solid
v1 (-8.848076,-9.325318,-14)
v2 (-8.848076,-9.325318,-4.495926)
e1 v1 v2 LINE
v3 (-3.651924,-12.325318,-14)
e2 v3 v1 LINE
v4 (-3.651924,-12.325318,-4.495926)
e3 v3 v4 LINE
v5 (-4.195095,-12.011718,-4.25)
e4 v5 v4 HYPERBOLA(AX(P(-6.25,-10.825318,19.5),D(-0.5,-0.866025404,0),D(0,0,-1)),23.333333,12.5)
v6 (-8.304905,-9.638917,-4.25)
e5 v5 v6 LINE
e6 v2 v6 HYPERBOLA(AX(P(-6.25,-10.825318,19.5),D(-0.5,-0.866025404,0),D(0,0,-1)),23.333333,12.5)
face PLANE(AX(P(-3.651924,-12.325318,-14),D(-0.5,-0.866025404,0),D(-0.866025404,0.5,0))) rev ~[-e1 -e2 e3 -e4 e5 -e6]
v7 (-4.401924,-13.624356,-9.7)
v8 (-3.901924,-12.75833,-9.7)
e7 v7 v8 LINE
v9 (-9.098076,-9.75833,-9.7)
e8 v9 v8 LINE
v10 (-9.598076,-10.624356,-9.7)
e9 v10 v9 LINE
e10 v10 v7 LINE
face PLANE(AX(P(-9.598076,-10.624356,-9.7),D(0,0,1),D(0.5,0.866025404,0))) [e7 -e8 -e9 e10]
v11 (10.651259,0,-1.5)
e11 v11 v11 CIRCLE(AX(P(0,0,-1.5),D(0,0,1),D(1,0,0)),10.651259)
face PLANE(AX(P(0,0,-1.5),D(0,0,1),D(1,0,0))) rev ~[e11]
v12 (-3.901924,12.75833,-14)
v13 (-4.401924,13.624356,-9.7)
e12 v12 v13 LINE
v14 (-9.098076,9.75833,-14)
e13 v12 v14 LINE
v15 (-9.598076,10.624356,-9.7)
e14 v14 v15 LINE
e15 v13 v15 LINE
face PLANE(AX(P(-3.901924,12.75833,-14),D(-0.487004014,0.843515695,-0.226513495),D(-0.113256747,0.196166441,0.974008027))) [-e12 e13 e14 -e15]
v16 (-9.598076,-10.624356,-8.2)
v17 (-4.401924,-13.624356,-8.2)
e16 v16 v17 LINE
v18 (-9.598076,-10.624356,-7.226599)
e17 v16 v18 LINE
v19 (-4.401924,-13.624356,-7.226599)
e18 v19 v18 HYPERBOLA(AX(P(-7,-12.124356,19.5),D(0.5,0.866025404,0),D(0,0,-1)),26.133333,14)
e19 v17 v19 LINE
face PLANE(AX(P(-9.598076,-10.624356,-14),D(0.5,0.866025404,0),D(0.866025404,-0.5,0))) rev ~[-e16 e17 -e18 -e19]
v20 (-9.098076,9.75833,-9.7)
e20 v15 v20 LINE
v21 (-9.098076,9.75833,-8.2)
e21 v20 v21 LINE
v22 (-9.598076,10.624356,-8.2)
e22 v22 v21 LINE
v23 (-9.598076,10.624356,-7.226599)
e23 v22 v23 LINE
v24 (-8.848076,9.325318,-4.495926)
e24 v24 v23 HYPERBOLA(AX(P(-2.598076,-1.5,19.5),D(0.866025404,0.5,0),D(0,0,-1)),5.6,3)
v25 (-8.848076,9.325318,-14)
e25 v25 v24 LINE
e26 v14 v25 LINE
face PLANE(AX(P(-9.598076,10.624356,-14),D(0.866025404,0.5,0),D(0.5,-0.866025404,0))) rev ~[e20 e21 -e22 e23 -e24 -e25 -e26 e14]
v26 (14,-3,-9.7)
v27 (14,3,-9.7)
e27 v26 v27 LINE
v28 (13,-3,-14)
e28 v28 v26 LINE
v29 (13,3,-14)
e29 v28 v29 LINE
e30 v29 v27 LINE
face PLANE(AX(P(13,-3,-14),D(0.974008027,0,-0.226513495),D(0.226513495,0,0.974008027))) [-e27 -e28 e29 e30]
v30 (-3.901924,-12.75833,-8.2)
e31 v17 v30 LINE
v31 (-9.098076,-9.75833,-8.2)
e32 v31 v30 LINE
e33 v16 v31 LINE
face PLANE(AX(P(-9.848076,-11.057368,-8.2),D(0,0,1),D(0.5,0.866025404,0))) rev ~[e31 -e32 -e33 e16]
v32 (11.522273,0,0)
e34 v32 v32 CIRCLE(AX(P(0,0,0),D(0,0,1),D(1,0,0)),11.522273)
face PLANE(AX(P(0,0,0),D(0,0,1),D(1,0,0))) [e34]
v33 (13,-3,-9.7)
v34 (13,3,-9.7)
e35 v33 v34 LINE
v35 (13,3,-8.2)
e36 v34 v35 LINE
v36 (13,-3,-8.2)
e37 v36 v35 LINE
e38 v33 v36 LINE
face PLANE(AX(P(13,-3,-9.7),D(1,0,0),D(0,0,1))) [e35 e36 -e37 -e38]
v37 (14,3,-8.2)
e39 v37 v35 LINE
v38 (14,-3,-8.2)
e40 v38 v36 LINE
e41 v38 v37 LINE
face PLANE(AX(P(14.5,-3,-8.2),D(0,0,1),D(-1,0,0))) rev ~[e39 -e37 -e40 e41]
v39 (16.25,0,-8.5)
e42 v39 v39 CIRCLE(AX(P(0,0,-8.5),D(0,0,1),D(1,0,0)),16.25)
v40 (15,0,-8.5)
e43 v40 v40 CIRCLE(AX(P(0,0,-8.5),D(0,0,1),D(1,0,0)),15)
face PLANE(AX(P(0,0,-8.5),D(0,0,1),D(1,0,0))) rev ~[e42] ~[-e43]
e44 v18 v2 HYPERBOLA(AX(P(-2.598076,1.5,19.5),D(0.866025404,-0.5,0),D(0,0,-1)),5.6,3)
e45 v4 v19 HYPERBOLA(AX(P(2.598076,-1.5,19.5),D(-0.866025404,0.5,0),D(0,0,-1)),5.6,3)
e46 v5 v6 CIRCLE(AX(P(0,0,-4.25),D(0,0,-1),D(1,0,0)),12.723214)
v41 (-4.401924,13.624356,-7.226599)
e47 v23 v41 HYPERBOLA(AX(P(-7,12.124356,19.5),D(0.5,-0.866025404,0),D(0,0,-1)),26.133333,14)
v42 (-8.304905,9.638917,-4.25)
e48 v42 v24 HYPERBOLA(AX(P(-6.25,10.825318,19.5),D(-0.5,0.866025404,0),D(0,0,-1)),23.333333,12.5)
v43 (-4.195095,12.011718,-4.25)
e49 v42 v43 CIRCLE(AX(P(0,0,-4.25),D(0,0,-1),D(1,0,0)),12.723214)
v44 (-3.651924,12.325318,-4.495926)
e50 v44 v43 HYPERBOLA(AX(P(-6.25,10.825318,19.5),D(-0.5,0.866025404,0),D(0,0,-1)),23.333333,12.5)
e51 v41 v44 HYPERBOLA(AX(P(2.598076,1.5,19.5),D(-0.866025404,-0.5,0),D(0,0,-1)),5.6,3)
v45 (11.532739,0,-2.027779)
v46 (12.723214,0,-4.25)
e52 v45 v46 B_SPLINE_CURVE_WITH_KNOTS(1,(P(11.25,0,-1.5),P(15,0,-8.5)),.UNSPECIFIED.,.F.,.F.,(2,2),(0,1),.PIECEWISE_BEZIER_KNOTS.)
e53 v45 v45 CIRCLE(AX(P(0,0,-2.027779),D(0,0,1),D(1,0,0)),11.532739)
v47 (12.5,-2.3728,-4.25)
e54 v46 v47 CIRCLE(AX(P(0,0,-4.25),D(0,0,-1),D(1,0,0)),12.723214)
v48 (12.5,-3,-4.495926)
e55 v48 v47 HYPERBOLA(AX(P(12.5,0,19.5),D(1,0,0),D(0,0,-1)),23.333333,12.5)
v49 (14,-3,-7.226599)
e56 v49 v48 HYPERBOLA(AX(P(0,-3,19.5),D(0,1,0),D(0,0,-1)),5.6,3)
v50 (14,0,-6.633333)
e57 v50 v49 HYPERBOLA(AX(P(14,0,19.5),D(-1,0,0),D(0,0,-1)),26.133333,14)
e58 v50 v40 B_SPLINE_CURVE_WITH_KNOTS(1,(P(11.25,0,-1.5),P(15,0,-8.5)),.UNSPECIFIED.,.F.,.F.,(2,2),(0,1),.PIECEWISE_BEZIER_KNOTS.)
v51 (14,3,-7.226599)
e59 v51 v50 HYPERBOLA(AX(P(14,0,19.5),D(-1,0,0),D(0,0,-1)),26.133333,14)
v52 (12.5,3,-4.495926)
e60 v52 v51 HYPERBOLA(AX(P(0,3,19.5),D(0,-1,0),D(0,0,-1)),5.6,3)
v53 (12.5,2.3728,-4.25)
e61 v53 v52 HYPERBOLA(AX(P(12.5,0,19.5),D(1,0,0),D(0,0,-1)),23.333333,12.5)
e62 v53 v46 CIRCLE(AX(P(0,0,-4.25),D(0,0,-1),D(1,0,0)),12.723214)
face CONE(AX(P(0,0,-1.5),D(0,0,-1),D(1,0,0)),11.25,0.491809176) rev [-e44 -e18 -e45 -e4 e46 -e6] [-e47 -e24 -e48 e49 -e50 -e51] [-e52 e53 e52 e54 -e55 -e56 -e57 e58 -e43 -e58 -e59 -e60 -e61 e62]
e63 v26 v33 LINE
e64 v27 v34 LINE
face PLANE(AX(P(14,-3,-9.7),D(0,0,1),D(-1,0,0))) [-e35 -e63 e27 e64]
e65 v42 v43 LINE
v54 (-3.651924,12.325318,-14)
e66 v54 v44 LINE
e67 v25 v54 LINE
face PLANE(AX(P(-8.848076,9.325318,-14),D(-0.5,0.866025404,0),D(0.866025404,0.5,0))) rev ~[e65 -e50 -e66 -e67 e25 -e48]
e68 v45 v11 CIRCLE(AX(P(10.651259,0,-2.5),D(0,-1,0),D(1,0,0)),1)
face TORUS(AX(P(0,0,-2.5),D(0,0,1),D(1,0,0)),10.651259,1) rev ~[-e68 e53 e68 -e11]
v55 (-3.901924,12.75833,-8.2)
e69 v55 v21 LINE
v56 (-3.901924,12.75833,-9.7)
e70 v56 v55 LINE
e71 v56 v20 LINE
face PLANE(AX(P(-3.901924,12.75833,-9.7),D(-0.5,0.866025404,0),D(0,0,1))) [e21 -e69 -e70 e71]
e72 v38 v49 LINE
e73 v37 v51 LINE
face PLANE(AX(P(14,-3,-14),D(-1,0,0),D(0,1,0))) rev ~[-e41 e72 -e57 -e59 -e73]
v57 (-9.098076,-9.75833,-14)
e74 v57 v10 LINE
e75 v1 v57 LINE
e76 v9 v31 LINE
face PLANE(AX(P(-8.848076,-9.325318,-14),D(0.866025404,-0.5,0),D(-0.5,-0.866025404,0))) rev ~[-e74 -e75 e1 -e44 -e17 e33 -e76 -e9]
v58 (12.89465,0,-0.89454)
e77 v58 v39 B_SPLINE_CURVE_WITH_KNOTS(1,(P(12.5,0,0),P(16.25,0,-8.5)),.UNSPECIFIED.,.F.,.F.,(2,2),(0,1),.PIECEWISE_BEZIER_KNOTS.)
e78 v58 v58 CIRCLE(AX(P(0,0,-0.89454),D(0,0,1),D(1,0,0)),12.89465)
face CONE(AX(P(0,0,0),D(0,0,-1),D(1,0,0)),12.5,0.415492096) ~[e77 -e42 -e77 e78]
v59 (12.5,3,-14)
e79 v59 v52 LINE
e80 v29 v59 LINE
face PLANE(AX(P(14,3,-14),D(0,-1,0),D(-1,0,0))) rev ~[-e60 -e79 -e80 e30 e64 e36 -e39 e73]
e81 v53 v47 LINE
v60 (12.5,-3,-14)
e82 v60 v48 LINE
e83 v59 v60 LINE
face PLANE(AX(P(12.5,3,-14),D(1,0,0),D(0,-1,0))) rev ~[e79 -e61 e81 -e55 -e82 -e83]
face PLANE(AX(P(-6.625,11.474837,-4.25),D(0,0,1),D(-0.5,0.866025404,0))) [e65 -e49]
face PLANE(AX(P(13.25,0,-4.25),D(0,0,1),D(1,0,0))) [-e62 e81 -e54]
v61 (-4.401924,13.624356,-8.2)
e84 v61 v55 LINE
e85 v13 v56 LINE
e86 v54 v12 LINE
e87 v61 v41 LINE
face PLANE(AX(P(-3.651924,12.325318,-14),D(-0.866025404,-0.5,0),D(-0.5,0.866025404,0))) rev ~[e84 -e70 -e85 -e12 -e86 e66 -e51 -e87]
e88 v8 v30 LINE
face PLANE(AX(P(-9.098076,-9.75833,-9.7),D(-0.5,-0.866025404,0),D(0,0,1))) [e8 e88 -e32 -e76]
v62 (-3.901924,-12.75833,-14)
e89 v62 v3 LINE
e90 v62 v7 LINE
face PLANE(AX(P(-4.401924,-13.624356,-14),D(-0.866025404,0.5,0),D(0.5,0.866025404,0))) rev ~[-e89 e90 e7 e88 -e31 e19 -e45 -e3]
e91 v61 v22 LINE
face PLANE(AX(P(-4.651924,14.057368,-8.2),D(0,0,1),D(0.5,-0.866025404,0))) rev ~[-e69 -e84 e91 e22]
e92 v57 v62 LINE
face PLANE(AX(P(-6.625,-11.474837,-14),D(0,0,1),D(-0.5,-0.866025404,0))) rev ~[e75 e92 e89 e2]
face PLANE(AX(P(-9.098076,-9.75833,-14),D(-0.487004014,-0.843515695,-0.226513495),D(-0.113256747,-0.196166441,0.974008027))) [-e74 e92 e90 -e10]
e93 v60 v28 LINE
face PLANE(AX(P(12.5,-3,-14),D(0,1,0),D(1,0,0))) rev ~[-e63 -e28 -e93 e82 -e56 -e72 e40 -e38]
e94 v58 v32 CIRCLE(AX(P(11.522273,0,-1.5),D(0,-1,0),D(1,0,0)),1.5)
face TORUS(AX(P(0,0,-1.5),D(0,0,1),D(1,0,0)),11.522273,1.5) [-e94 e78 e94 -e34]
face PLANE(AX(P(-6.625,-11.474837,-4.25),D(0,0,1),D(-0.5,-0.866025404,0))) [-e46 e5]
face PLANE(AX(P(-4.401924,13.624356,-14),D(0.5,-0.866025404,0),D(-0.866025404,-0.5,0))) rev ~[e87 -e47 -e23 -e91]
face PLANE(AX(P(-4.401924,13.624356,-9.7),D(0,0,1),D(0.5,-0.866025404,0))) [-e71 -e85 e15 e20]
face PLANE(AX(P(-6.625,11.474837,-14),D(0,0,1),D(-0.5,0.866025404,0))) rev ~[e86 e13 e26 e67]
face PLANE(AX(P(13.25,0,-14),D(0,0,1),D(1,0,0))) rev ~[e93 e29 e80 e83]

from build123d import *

# Parameters (mm, degrees)
TOP_R              = 12.5
MIDDLE_R           = 16.25
INSIDE_TOP_R       = 11.25
INSIDE_BOTTOM_R    = 15
ZAOKR_GLENIE1_R    = 1
ZAOKR_GLENIE2_R    = 1.5
LATCH_START        = -9
LATCH_DEPTH        = 9.75
LATCH_CUTOUT_DEPTH = 6
SZYK_KO_OWY2_COUNT = 3


with BuildPart() as part:
    # top → outside section 0
    with BuildSketch(Plane.XY):
        Circle(TOP_R)
    # middle → outside section 1
    with BuildSketch(Plane.XY.offset(-8.5)):
        Circle(MIDDLE_R)
    loft()

    # inside-top → inside-cutout section 0
    with BuildSketch(Plane.XY.offset(-1.5)):
        Circle(INSIDE_TOP_R)
    # inside-bottom → inside-cutout section 1
    with BuildSketch(Plane.XY.offset(-8.5)):
        Circle(INSIDE_BOTTOM_R)
    loft(mode=Mode.SUBTRACT)

    # Zaokrąglenie1
    zaokr_glenie1_edges = [part.edges().sort_by_distance(p)[0] for p in [
        (-11.25, 0, -1.5),
    ]]
    fillet(zaokr_glenie1_edges, radius=ZAOKR_GLENIE1_R)

    # Zaokrąglenie2
    zaokr_glenie2_edges = [part.edges().sort_by_distance(p)[0] for p in [
        (-12.5, 0, 0),
    ]]
    fillet(zaokr_glenie2_edges, radius=ZAOKR_GLENIE2_R)

    # Szkic6 → latch (add)
    with BuildSketch(Plane.XY.offset(-5).offset(LATCH_START)):
        Polygon((12.5, 0), (12.5, -3), (14, -3), (14, 3), (12.5, 3), align=None)
    latch = extrude(amount=LATCH_DEPTH)

    # Szkic → latch-cutout (cut)
    with BuildSketch(Plane(origin=(0, -3, 0), x_dir=(-1, 0, 0), z_dir=(0, -1, 0))):
        Polygon((-14, 9.7), (-13, 9.7), (-13, 8.2), (-14, 8.2), (-14.5, 8.2), (-14.5, 14), (-14, 14), (-13, 14), align=None)
    latch_cutout = extrude(amount=-LATCH_CUTOUT_DEPTH, mode=Mode.SUBTRACT)

    # Szyk kołowy2: latch, latch-cutout ×3 about axis
    szyk_ko_owy2_axis = Axis((0, 0, 0), (0, 0, 1))
    add([latch.rotate(szyk_ko_owy2_axis, i * 360 / SZYK_KO_OWY2_COUNT) for i in range(1, SZYK_KO_OWY2_COUNT)])
    add([latch_cutout.rotate(szyk_ko_owy2_axis, i * 360 / SZYK_KO_OWY2_COUNT) for i in range(1, SZYK_KO_OWY2_COUNT)], mode=Mode.SUBTRACT)


solid = part.part
